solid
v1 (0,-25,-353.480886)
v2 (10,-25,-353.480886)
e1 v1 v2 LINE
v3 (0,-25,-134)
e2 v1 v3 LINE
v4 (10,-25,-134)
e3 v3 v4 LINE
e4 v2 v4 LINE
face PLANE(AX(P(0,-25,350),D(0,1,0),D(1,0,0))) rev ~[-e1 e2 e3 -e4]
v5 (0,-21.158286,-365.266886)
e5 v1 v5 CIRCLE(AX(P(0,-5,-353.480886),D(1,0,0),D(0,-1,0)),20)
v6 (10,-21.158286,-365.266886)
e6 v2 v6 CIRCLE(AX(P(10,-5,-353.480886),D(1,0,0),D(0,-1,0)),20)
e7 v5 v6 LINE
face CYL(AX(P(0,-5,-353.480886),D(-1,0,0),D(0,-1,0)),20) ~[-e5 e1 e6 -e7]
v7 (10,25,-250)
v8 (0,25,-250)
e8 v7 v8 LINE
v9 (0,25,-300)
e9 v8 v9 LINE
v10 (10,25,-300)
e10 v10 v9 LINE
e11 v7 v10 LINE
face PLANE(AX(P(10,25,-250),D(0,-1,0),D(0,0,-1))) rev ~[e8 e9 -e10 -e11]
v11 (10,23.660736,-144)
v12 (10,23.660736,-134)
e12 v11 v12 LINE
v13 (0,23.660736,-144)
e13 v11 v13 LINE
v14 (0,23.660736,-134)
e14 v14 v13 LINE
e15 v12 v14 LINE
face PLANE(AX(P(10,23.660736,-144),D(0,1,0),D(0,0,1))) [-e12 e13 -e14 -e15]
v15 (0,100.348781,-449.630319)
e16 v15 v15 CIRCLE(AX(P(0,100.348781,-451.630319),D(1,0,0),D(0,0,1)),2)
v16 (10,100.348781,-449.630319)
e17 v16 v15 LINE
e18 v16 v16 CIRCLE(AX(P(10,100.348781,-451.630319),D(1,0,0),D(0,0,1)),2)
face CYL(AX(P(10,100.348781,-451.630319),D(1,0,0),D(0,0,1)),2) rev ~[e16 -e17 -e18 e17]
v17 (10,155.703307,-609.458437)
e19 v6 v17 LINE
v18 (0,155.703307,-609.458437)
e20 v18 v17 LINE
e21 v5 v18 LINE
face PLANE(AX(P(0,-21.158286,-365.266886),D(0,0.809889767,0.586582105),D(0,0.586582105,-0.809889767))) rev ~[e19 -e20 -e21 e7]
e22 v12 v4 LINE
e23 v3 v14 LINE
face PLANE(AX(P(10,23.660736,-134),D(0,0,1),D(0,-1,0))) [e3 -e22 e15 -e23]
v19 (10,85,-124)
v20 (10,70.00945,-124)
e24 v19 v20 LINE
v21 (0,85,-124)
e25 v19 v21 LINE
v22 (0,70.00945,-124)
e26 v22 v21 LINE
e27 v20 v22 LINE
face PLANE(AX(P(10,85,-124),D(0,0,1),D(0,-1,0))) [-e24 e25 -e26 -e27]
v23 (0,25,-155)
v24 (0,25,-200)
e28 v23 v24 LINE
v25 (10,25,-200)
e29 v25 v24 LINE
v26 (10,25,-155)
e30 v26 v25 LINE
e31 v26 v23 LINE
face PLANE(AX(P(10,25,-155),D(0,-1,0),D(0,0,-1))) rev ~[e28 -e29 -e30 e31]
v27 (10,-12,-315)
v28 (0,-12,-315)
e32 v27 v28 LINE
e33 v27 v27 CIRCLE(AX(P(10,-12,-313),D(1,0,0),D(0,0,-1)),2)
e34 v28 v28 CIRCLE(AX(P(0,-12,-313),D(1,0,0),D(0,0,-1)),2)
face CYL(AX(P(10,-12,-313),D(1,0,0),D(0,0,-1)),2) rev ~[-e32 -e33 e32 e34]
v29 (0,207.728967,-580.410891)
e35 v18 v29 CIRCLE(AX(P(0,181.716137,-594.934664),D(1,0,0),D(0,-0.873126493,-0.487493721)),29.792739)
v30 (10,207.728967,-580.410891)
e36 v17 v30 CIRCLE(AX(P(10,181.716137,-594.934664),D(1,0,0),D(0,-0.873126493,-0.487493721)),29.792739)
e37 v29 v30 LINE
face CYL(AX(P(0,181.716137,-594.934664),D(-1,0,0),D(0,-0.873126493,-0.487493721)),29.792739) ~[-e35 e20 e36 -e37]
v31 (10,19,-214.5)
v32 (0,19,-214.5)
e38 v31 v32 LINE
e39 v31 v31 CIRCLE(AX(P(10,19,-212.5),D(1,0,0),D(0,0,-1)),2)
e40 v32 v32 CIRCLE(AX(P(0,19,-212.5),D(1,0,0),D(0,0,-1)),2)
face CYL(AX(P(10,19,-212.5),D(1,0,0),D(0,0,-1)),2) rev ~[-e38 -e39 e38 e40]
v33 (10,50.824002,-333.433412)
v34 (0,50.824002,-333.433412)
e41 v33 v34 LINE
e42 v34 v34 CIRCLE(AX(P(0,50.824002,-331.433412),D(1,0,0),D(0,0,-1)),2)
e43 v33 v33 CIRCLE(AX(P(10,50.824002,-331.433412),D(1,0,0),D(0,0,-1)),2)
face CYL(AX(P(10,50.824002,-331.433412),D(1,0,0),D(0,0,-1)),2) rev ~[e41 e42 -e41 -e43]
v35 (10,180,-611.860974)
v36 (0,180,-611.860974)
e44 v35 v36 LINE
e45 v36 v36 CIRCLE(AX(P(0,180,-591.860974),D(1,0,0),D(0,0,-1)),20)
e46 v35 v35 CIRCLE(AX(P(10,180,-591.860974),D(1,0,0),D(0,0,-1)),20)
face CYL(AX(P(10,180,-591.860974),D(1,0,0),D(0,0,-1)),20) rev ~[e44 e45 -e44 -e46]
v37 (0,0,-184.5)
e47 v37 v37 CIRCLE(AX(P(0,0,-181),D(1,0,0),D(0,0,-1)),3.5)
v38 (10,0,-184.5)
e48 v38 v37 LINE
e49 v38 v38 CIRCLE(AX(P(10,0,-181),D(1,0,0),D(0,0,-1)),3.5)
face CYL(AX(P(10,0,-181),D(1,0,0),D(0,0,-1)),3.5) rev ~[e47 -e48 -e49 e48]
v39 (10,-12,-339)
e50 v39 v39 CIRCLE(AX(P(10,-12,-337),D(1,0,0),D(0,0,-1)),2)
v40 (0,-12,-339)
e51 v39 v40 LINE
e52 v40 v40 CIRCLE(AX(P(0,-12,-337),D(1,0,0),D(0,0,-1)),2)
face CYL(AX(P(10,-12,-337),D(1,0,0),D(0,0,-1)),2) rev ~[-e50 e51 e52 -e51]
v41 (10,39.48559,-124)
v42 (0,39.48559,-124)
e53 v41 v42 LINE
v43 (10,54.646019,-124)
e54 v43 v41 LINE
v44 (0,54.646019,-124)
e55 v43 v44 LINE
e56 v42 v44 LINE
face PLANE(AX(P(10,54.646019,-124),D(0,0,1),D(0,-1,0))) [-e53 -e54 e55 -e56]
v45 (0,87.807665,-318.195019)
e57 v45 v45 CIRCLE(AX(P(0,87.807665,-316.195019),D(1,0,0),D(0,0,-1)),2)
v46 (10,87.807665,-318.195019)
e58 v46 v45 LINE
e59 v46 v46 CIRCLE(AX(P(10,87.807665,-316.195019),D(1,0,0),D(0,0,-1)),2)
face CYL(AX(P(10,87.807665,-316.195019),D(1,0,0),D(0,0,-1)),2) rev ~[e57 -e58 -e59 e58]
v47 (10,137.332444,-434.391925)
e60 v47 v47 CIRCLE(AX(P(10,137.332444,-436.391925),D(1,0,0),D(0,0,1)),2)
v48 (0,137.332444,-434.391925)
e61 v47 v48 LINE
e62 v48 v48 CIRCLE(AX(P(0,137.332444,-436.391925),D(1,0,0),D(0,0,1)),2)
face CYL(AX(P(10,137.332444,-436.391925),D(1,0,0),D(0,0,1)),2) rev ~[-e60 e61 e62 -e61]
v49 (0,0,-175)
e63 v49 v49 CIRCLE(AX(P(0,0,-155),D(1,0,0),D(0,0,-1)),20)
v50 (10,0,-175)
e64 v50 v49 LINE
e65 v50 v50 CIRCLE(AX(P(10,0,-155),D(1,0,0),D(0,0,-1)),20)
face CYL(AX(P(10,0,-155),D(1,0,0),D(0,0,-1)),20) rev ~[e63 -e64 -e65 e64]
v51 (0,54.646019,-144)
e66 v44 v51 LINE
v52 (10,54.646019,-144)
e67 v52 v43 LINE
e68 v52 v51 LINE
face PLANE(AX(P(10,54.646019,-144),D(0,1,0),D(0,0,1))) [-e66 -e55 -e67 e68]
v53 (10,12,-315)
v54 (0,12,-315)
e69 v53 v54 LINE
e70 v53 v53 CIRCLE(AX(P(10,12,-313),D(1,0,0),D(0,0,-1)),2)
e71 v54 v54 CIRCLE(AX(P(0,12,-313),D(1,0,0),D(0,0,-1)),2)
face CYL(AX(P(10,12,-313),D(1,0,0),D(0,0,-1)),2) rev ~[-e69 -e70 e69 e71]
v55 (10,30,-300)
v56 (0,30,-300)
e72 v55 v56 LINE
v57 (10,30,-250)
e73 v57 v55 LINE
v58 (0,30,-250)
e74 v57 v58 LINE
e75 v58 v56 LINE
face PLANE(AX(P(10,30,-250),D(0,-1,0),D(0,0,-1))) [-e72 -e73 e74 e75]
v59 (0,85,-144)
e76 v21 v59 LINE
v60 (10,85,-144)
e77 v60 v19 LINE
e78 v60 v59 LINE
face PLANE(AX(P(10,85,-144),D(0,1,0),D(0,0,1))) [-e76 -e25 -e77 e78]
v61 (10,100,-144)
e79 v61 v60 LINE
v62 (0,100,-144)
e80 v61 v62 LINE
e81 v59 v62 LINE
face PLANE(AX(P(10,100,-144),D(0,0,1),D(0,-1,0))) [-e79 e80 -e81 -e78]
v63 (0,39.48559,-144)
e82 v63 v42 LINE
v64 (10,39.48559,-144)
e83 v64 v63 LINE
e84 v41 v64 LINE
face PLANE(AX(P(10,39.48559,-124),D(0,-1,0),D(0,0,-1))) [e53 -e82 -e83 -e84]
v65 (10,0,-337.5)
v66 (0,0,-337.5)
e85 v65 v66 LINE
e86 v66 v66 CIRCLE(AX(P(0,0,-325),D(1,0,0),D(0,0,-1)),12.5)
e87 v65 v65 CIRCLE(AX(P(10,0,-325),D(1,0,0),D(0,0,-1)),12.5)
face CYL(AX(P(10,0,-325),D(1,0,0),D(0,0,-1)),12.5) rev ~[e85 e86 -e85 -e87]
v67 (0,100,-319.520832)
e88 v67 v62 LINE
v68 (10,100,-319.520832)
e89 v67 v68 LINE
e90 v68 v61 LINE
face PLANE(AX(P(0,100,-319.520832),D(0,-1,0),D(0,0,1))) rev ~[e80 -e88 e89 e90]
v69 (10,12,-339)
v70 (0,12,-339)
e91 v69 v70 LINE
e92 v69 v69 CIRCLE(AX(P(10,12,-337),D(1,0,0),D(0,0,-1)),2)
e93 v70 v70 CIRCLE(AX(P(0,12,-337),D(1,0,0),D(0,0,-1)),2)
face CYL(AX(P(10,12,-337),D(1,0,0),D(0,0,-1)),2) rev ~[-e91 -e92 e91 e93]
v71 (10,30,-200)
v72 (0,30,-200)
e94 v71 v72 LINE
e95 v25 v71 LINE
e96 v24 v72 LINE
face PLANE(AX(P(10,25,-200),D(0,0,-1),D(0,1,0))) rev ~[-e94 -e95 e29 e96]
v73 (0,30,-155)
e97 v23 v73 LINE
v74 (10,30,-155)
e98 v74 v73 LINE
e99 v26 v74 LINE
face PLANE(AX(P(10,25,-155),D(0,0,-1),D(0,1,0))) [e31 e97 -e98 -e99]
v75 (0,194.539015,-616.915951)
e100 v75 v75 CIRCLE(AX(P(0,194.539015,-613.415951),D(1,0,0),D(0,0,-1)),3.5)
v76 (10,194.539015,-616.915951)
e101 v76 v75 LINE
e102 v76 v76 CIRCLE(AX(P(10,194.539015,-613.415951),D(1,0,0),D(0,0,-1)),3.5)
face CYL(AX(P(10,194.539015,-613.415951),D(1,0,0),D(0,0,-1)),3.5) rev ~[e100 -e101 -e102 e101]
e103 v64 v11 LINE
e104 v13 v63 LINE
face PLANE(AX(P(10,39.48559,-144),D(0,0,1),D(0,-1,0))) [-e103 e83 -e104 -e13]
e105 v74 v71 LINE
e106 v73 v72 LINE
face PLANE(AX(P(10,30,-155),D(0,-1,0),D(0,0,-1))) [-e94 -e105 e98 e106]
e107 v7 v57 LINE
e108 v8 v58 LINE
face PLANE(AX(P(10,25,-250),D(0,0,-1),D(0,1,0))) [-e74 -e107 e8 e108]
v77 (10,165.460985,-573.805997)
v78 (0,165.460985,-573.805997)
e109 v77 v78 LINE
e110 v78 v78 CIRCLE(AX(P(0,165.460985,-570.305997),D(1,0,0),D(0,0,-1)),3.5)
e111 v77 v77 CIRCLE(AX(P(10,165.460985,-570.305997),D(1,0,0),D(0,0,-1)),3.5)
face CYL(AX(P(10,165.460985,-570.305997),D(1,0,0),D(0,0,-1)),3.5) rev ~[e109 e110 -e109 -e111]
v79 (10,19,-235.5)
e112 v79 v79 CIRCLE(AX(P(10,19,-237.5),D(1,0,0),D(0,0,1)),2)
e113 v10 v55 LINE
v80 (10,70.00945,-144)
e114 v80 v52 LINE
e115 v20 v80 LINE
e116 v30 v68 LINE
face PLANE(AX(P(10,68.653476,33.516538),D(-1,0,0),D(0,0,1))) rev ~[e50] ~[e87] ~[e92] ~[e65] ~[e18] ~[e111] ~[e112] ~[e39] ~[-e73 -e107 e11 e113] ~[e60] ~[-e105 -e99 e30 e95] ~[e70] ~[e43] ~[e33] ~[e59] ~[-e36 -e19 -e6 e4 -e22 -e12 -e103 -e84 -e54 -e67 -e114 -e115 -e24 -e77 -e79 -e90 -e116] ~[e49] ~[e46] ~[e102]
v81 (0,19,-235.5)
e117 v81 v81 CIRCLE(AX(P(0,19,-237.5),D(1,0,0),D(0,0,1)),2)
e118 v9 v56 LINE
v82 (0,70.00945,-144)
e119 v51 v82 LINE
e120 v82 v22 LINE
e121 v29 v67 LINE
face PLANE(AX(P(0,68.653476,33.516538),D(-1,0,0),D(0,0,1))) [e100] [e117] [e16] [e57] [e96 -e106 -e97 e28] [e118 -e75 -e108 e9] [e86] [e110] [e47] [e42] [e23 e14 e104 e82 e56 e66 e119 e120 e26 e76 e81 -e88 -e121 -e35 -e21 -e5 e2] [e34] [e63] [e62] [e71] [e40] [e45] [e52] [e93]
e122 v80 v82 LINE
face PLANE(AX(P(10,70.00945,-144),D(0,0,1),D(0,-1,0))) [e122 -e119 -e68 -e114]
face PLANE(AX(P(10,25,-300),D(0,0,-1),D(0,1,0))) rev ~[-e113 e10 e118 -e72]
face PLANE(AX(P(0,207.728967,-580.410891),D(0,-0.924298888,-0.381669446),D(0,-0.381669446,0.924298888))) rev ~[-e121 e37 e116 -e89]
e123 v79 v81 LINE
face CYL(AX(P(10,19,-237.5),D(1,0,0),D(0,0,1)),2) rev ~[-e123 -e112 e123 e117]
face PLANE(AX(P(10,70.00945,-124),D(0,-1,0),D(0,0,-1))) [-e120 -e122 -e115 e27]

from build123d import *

# Parameters (mm, degrees)
EXTRUDE_2_DEPTH      = 10
SKETCH_3_R           = 3.5
SKETCH_3_R_2         = 20
SKETCH_3_R_3         = 2
SKETCH_3_R_4         = 12.5
CUT_EXTRUDE_1_DEPTH  = 660.636515889
SKETCH_6_W           = 10
SKETCH_6_H           = 50
CUT_EXTRUDE_14_DEPTH = 5
SKETCH_7_W           = 45
SKETCH_7_H           = 5
SKETCH_7_W_2         = 50
CUT_EXTRUDE_17_DEPTH = 660.636515889
SKETCH_4_R           = 2
CUT_EXTRUDE_18_DEPTH = 10
SKETCH_8_W           = 10
SKETCH_8_H           = 55
EXTRUDE_3_DEPTH      = 10
SKETCH_9_R           = 3.5
SKETCH_9_R_2         = 20
CUT_EXTRUDE_19_DEPTH = 660.636515889
EXTRUDE_4_DEPTH      = 10
SKETCH_14_R          = 20
SKETCH_14_R_2        = 3
CUT_EXTRUDE_20_DEPTH = 660.636515889
SKETCH_15_R          = 2
CUT_EXTRUDE_22_DEPTH = 660.636515889
CUT_EXTRUDE_26_DEPTH = 660.636515889


with BuildPart() as part:
    # 스케치1 → 보스-돌출2 (new body)
    with BuildSketch(Plane(origin=(0, 0, 0), x_dir=(0, 0, -1), z_dir=(1, 0, 0))):
        with BuildLine():
            Line((-350, -25), (353.480885827, -25))
            ThreePointArc((353.480885827, -25), (359.679041929, -24.015332259), (365.266885594, -21.158286093))
            Line((365.266885594, -21.158286093), (609.458437468, 155.703306991))
            ThreePointArc((609.458437468, 155.703306991), (620.947494037, 196.239910069), (580.410890959, 207.728966637))
            Line((580.410890959, 207.728966637), (150, 30))
            Line((150, 30), (-350, 30))
            Line((-350, 30), (-350, -25))
        make_face()
    extrude(amount=EXTRUDE_2_DEPTH)

    # 스케치3 → 컷-돌출1 (cut, through all)
    with BuildSketch(Plane(origin=(10, 0, 0), x_dir=(0, 0, -1), z_dir=(1, 0, 0))):
        with Locations((613.415951219, 194.53901549)):
            Circle(SKETCH_3_R)
        with Locations((570.305997446, 165.46098451)):
            Circle(SKETCH_3_R)
        with Locations((591.860974332, 180)):
            Circle(SKETCH_3_R_2)
        with Locations((337, -12)):
            Circle(SKETCH_3_R_3)
        with Locations((313, 12)):
            Circle(SKETCH_3_R_3)
        with Locations((313, -12)):
            Circle(SKETCH_3_R_3)
        with Locations((337, 12)):
            Circle(SKETCH_3_R_3)
        with Locations((325, 0)):
            Circle(SKETCH_3_R_4)
        with Locations((-313, -12)):
            Circle(SKETCH_3_R_3)
        with Locations((-313, 12)):
            Circle(SKETCH_3_R_3)
        with Locations((-325, 0)):
            Circle(SKETCH_3_R_4)
        with Locations((-337, -12)):
            Circle(SKETCH_3_R_3)
        with Locations((-337, 12)):
            Circle(SKETCH_3_R_3)
    extrude(amount=-CUT_EXTRUDE_1_DEPTH, mode=Mode.SUBTRACT)

    # 스케치6 → 컷-돌출14 (cut)
    with BuildSketch(Plane(origin=(0, 30, 0), x_dir=(1, 0, 0), z_dir=(0, 1, 0))):
        with Locations((5, -75)):
            Rectangle(SKETCH_6_W, SKETCH_6_H)
        with Locations((5, -275)):
            Rectangle(SKETCH_6_W, SKETCH_6_H)
        with Locations((5, 75)):
            Rectangle(SKETCH_6_W, SKETCH_6_H)
        with Locations((5, -175)):
            Rectangle(SKETCH_6_W, SKETCH_6_H)
    extrude(amount=-CUT_EXTRUDE_14_DEPTH, mode=Mode.SUBTRACT)

    # 스케치7 → 컷-돌출17 (cut, through all)
    with BuildSketch(Plane(origin=(10, 0, 0), x_dir=(0, 0, -1), z_dir=(1, 0, 0))):
        with Locations((177.5, 27.5)):
            Rectangle(SKETCH_7_W, SKETCH_7_H)
        with Locations((275, 27.5)):
            Rectangle(SKETCH_7_W_2, SKETCH_7_H)
    extrude(amount=-CUT_EXTRUDE_17_DEPTH, mode=Mode.SUBTRACT)

    # 스케치4 → 컷-돌출18 (cut)
    with BuildSketch(Plane(origin=(10, 0, 0), x_dir=(0, 0, -1), z_dir=(1, 0, 0))):
        with Locations((-237.5, 19)):
            Circle(SKETCH_4_R)
        with Locations(Location((-212.5, 19, 0), (0, 0, 180))):
            Circle(SKETCH_4_R)
        with Locations((-139.996213119, 19)):
            Circle(SKETCH_4_R)
        with Locations(Location((-114.996213119, 19, 0), (0, 0, 180))):
            Circle(SKETCH_4_R)
        with Locations((112.5, 19)):
            Circle(SKETCH_4_R)
        with Locations((212.5, 19)):
            Circle(SKETCH_4_R)
        with Locations(Location((237.5, 19, 0), (0, 0, 180))):
            Circle(SKETCH_4_R)
    extrude(amount=-CUT_EXTRUDE_18_DEPTH, mode=Mode.SUBTRACT)

    # 스케치8 → 보스-돌출3 (add)
    with BuildSketch(Plane.XY.offset(350)):
        with Locations((5, 2.5)):
            Rectangle(SKETCH_8_W, SKETCH_8_H)
    extrude(amount=EXTRUDE_3_DEPTH)

    # 스케치9 → 컷-돌출19 (cut, through all)
    with BuildSketch(Plane(origin=(10, 0, 0), x_dir=(0, 0, -1), z_dir=(1, 0, 0))):
        with Locations((-92.5, 0)):
            Circle(SKETCH_9_R)
        with Locations(Location((-40.5, 0, 0), (0, 0, 180))):
            Circle(SKETCH_9_R)
        with Locations(Location((-66.5, 0, 0), (0, 0, 180))):
            Circle(SKETCH_9_R_2)
        with Locations((155, 0)):
            Circle(SKETCH_9_R_2)
        with Locations((181, 0)):
            Circle(SKETCH_9_R)
        with Locations(Location((129, 0, 0), (0, 0, 180))):
            Circle(SKETCH_9_R)
    extrude(amount=-CUT_EXTRUDE_19_DEPTH, mode=Mode.SUBTRACT)

    # 스케치10 → 보스-돌출4 (add)
    with BuildSketch(Plane(origin=(0, 0, 0), x_dir=(0, 0, -1), z_dir=(1, 0, 0))):
        Polygon((100, 30), (100, 25), (50, 25), (50, 30), (-50, 30), (-360, 30), (-360, 100), (-50, 100), (319.520832407, 100), (150, 30), align=None)
    extrude(amount=EXTRUDE_4_DEPTH)

    # 스케치14 → 컷-돌출20 (cut, through all)
    with BuildSketch(Plane(origin=(10, 0, 0), x_dir=(0, 0, -1), z_dir=(1, 0, 0))):
        with Locations((44.25, 11)):
            Circle(SKETCH_14_R)
        with Locations((70.25, 11)):
            Circle(SKETCH_14_R_2)
        with Locations(Location((18.25, 11, 0), (0, 0, 180))):
            Circle(SKETCH_14_R_2)
    extrude(amount=-CUT_EXTRUDE_20_DEPTH, mode=Mode.SUBTRACT)

    # 스케치15 → 컷-돌출22 (cut, through all)
    with BuildSketch(Plane(origin=(10, 0, 0), x_dir=(0, 0, -1), z_dir=(1, 0, 0))):
        with Locations((331.433412373, 50.824001827)):
            Circle(SKETCH_15_R)
        with Locations((316.195018887, 87.807665301)):
            Circle(SKETCH_15_R)
        with Locations(Location((451.630318664, 100.348780655, 0), (0, 0, 180))):
            Circle(SKETCH_15_R)
        with Locations(Location((436.391925178, 137.332444129, 0), (0, 0, 180))):
            Circle(SKETCH_15_R)
    extrude(amount=-CUT_EXTRUDE_22_DEPTH, mode=Mode.SUBTRACT)

    # 스케치17 → 컷-돌출26 (cut, through all)
    with BuildSketch(Plane(origin=(10, 0, 0), x_dir=(0, 0, -1), z_dir=(1, 0, 0))):
        Polygon((134, 100), (144, 100), (144, 85), (124, 85), (124, 70.009449614), (144, 70.009449614), (144, 54.646019177), (124, 54.646019177), (124, 39.485590498), (144, 39.485590498), (144, 23.660735911), (134, 23.660735911), (134, -25.259204994), (-374.726859986, -25.259204994), (-374.726859986, 260.6847899), (134, 260.6847899), align=None)
    extrude(amount=-CUT_EXTRUDE_26_DEPTH, mode=Mode.SUBTRACT)


solid = part.part
